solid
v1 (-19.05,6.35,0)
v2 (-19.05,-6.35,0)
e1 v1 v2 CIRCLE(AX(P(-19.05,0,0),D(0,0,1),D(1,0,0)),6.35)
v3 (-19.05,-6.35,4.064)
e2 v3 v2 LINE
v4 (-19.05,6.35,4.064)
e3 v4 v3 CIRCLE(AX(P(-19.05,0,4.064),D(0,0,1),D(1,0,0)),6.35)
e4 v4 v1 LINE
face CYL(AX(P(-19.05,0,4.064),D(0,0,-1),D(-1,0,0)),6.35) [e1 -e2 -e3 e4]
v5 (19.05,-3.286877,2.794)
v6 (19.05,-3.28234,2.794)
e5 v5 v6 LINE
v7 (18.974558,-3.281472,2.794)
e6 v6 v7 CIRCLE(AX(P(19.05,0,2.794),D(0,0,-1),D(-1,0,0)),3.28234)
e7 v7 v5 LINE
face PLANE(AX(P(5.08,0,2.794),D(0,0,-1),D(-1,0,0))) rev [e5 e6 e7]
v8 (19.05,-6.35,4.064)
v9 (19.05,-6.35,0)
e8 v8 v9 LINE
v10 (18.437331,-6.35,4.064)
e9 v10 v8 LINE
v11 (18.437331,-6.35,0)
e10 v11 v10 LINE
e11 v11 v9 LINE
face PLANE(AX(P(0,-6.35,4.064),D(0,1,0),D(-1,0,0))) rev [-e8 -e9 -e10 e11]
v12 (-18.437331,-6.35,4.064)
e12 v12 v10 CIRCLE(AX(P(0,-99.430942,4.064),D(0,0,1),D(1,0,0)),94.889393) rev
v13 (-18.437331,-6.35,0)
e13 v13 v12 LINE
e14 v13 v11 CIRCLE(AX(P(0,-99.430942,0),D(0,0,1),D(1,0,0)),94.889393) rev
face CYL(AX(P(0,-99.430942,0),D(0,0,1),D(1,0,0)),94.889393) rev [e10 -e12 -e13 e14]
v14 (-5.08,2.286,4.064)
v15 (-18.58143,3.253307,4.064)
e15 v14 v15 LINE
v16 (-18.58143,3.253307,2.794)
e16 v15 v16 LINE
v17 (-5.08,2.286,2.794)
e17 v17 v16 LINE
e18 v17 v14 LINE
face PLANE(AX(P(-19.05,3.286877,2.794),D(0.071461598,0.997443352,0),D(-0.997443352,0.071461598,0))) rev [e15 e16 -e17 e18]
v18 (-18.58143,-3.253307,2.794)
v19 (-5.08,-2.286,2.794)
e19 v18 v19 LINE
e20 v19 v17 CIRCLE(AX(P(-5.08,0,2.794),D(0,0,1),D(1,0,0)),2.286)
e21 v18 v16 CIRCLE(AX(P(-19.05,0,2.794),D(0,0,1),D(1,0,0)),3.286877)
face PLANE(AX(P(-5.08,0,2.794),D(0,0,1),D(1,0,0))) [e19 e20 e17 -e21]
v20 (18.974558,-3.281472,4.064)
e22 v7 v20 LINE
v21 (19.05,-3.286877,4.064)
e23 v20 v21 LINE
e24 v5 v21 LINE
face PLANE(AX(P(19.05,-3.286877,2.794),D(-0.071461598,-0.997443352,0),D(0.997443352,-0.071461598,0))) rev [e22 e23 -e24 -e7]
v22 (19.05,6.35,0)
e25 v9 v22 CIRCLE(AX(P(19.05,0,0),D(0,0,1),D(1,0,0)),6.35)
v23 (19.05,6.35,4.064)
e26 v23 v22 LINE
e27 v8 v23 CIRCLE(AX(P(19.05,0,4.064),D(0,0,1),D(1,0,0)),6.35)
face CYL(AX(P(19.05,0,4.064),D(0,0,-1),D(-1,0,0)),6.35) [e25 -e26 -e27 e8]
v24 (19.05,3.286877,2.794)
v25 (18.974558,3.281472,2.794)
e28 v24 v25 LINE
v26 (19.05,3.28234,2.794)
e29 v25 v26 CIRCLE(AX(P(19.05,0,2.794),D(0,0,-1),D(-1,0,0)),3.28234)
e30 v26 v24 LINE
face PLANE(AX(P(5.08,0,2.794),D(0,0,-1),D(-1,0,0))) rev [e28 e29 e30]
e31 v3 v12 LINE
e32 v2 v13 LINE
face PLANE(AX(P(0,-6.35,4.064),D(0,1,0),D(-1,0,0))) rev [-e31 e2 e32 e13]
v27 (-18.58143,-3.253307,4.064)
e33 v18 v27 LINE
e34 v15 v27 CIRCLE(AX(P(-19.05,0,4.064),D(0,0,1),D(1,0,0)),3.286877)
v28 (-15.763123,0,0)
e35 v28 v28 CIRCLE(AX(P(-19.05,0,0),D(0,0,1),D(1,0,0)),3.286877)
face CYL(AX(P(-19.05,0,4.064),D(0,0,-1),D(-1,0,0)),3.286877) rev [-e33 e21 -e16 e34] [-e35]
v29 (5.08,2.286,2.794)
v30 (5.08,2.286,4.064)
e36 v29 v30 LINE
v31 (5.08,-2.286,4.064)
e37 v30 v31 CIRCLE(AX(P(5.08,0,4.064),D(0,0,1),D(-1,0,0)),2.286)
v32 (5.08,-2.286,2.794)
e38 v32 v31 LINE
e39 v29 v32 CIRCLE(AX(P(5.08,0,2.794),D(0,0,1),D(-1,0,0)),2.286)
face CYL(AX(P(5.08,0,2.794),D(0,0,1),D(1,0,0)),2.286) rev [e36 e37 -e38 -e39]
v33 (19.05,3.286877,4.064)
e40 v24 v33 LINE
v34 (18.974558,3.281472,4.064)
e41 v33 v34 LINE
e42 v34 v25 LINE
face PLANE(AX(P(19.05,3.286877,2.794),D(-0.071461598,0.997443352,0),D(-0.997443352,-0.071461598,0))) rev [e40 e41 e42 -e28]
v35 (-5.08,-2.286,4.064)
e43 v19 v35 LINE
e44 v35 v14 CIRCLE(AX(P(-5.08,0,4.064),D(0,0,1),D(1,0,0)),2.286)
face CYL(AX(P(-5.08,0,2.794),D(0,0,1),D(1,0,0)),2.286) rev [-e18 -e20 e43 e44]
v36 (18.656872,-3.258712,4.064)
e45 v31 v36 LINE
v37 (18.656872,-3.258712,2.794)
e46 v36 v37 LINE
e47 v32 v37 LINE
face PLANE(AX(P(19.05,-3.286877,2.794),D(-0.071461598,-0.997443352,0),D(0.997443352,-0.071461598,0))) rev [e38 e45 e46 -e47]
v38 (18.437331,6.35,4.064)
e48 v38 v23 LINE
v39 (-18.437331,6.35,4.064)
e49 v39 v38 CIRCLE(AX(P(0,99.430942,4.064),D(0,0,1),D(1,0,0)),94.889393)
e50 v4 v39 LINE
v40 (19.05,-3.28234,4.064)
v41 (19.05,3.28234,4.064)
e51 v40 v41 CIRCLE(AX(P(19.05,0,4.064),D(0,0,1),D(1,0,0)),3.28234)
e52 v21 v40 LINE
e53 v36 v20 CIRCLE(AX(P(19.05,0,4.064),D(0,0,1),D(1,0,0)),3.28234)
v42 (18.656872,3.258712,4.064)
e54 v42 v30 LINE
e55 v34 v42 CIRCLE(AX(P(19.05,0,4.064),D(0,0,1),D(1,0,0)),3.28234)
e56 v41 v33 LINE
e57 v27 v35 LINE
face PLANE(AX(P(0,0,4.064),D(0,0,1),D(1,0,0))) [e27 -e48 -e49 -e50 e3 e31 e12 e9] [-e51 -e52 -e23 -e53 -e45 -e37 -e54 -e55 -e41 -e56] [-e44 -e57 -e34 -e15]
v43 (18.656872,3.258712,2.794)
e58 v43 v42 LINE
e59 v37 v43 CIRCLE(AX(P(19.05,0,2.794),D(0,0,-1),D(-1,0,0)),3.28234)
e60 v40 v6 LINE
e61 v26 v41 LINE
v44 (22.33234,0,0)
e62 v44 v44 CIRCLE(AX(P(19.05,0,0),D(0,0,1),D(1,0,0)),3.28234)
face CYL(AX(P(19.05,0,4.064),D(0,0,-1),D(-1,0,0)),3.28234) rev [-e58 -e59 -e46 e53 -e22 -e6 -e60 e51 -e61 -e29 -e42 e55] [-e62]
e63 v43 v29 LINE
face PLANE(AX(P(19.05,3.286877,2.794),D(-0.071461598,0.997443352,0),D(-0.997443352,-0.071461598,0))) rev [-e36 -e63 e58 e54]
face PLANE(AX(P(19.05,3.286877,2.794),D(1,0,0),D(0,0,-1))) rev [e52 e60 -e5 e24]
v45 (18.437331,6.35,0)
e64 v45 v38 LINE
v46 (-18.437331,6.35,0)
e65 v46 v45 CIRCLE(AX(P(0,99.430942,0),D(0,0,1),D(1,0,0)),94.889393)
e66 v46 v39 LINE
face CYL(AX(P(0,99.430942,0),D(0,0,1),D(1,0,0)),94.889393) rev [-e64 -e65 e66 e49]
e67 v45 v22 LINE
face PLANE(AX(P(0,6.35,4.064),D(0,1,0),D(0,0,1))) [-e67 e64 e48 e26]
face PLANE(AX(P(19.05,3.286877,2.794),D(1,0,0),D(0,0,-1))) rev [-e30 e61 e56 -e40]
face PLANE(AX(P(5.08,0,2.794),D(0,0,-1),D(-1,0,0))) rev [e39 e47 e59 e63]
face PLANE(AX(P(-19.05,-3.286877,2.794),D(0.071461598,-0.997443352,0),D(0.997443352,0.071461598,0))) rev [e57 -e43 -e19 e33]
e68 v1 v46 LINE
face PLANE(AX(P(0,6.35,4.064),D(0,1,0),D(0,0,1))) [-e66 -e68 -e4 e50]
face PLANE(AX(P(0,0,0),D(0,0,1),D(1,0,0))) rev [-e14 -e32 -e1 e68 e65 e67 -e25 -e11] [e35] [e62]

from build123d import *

# Parameters (mm, degrees)
SKETCH1_R           = 3.286877418
SKETCH1_R_2         = 3.282339501
BOSS_EXTRUDE2_DEPTH = 4.064
CUT_EXTRUDE1_DEPTH  = 1.27
CUT_EXTRUDE2_DEPTH  = 5.064


with BuildPart() as part:
    # Sketch1 → Boss-Extrude2 (new body)
    with BuildSketch(Plane.XY):
        with BuildLine():
            Line((-19.05, 6.35), (19.05, 6.35))
            ThreePointArc((19.05, 6.35), (25.4, 0), (19.05, -6.35))
            Line((19.05, -6.35), (-19.05, -6.35))
            ThreePointArc((-19.05, -6.35), (-25.4, 0), (-19.05, 6.35))
        make_face()
        with Locations((-19.05, 0)):
            Circle(SKETCH1_R, mode=Mode.SUBTRACT)
        with Locations((19.05, 0)):
            Circle(SKETCH1_R_2, mode=Mode.SUBTRACT)
    extrude(amount=BOSS_EXTRUDE2_DEPTH)

    # Sketch2 → Cut-Extrude1 (cut)
    with BuildSketch(Plane.XY.offset(4.064)):
        with BuildLine():
            Line((-19.05, 3.286877418), (-5.08, 2.286))
            ThreePointArc((-5.08, 2.286), (-2.794, 0), (-5.08, -2.286))
            Line((-5.08, -2.286), (-19.05, -3.286877418))
            Line((-19.05, -3.286877418), (-19.05, 3.286877418))
        make_face()
        with BuildLine():
            Line((19.05, -3.286877418), (5.08, -2.286))
            ThreePointArc((5.08, -2.286), (2.794, 0), (5.08, 2.286))
            Line((5.08, 2.286), (19.05, 3.286877418))
            Line((19.05, 3.286877418), (19.05, -3.286877418))
        make_face()
    extrude(amount=-CUT_EXTRUDE1_DEPTH, mode=Mode.SUBTRACT)

    # Sketch4 → Cut-Extrude2 (cut, through all)
    with BuildSketch(Plane.XY.offset(4.064)):
        with BuildLine():
            ThreePointArc((18.437330889, 6.35), (73.326339368, 39.20432916), (94.889393238, 99.430942082))
            ThreePointArc((94.889393238, 99.430942082), (-60.226612922, 172.75728145), (-18.437330889, 6.35))
            Line((-18.437330889, 6.35), (18.437330889, 6.35))
        make_face()
        with BuildLine():
            Line((18.437330889, 6.35), (-18.437330889, 6.35))
            ThreePointArc((-18.437330889, 6.35), (-18.146321247, 6.29282972), (-17.855134345, 6.236569254))
            ThreePointArc((-17.855134345, 6.236569254), (-1.97e-07, 4.541548843), (17.855133958, 6.23656918))
            ThreePointArc((17.855133958, 6.23656918), (18.146321054, 6.292829682), (18.437330889, 6.35))
        make_face()
        with BuildLine():
            ThreePointArc((18.437330889, -6.35), (18.146321056, -6.292829683), (17.855133961, -6.236569181))
            ThreePointArc((17.855133961, -6.236569181), (-1.46e-07, -4.541548843), (-17.855134248, -6.236569236))
            ThreePointArc((-17.855134248, -6.236569236), (-18.146321199, -6.292829711), (-18.437330889, -6.35))
            Line((-18.437330889, -6.35), (18.437330889, -6.35))
        make_face()
        with BuildLine():
            Line((18.437330889, -6.35), (-18.437330889, -6.35))
            ThreePointArc((-18.437330889, -6.35), (-60.226612922, -172.75728145), (94.889393238, -99.430942082))
            ThreePointArc((94.889393238, -99.430942082), (73.326339368, -39.20432916), (18.437330889, -6.35))
        make_face()
    extrude(amount=-CUT_EXTRUDE2_DEPTH, mode=Mode.SUBTRACT)


solid = part.part
